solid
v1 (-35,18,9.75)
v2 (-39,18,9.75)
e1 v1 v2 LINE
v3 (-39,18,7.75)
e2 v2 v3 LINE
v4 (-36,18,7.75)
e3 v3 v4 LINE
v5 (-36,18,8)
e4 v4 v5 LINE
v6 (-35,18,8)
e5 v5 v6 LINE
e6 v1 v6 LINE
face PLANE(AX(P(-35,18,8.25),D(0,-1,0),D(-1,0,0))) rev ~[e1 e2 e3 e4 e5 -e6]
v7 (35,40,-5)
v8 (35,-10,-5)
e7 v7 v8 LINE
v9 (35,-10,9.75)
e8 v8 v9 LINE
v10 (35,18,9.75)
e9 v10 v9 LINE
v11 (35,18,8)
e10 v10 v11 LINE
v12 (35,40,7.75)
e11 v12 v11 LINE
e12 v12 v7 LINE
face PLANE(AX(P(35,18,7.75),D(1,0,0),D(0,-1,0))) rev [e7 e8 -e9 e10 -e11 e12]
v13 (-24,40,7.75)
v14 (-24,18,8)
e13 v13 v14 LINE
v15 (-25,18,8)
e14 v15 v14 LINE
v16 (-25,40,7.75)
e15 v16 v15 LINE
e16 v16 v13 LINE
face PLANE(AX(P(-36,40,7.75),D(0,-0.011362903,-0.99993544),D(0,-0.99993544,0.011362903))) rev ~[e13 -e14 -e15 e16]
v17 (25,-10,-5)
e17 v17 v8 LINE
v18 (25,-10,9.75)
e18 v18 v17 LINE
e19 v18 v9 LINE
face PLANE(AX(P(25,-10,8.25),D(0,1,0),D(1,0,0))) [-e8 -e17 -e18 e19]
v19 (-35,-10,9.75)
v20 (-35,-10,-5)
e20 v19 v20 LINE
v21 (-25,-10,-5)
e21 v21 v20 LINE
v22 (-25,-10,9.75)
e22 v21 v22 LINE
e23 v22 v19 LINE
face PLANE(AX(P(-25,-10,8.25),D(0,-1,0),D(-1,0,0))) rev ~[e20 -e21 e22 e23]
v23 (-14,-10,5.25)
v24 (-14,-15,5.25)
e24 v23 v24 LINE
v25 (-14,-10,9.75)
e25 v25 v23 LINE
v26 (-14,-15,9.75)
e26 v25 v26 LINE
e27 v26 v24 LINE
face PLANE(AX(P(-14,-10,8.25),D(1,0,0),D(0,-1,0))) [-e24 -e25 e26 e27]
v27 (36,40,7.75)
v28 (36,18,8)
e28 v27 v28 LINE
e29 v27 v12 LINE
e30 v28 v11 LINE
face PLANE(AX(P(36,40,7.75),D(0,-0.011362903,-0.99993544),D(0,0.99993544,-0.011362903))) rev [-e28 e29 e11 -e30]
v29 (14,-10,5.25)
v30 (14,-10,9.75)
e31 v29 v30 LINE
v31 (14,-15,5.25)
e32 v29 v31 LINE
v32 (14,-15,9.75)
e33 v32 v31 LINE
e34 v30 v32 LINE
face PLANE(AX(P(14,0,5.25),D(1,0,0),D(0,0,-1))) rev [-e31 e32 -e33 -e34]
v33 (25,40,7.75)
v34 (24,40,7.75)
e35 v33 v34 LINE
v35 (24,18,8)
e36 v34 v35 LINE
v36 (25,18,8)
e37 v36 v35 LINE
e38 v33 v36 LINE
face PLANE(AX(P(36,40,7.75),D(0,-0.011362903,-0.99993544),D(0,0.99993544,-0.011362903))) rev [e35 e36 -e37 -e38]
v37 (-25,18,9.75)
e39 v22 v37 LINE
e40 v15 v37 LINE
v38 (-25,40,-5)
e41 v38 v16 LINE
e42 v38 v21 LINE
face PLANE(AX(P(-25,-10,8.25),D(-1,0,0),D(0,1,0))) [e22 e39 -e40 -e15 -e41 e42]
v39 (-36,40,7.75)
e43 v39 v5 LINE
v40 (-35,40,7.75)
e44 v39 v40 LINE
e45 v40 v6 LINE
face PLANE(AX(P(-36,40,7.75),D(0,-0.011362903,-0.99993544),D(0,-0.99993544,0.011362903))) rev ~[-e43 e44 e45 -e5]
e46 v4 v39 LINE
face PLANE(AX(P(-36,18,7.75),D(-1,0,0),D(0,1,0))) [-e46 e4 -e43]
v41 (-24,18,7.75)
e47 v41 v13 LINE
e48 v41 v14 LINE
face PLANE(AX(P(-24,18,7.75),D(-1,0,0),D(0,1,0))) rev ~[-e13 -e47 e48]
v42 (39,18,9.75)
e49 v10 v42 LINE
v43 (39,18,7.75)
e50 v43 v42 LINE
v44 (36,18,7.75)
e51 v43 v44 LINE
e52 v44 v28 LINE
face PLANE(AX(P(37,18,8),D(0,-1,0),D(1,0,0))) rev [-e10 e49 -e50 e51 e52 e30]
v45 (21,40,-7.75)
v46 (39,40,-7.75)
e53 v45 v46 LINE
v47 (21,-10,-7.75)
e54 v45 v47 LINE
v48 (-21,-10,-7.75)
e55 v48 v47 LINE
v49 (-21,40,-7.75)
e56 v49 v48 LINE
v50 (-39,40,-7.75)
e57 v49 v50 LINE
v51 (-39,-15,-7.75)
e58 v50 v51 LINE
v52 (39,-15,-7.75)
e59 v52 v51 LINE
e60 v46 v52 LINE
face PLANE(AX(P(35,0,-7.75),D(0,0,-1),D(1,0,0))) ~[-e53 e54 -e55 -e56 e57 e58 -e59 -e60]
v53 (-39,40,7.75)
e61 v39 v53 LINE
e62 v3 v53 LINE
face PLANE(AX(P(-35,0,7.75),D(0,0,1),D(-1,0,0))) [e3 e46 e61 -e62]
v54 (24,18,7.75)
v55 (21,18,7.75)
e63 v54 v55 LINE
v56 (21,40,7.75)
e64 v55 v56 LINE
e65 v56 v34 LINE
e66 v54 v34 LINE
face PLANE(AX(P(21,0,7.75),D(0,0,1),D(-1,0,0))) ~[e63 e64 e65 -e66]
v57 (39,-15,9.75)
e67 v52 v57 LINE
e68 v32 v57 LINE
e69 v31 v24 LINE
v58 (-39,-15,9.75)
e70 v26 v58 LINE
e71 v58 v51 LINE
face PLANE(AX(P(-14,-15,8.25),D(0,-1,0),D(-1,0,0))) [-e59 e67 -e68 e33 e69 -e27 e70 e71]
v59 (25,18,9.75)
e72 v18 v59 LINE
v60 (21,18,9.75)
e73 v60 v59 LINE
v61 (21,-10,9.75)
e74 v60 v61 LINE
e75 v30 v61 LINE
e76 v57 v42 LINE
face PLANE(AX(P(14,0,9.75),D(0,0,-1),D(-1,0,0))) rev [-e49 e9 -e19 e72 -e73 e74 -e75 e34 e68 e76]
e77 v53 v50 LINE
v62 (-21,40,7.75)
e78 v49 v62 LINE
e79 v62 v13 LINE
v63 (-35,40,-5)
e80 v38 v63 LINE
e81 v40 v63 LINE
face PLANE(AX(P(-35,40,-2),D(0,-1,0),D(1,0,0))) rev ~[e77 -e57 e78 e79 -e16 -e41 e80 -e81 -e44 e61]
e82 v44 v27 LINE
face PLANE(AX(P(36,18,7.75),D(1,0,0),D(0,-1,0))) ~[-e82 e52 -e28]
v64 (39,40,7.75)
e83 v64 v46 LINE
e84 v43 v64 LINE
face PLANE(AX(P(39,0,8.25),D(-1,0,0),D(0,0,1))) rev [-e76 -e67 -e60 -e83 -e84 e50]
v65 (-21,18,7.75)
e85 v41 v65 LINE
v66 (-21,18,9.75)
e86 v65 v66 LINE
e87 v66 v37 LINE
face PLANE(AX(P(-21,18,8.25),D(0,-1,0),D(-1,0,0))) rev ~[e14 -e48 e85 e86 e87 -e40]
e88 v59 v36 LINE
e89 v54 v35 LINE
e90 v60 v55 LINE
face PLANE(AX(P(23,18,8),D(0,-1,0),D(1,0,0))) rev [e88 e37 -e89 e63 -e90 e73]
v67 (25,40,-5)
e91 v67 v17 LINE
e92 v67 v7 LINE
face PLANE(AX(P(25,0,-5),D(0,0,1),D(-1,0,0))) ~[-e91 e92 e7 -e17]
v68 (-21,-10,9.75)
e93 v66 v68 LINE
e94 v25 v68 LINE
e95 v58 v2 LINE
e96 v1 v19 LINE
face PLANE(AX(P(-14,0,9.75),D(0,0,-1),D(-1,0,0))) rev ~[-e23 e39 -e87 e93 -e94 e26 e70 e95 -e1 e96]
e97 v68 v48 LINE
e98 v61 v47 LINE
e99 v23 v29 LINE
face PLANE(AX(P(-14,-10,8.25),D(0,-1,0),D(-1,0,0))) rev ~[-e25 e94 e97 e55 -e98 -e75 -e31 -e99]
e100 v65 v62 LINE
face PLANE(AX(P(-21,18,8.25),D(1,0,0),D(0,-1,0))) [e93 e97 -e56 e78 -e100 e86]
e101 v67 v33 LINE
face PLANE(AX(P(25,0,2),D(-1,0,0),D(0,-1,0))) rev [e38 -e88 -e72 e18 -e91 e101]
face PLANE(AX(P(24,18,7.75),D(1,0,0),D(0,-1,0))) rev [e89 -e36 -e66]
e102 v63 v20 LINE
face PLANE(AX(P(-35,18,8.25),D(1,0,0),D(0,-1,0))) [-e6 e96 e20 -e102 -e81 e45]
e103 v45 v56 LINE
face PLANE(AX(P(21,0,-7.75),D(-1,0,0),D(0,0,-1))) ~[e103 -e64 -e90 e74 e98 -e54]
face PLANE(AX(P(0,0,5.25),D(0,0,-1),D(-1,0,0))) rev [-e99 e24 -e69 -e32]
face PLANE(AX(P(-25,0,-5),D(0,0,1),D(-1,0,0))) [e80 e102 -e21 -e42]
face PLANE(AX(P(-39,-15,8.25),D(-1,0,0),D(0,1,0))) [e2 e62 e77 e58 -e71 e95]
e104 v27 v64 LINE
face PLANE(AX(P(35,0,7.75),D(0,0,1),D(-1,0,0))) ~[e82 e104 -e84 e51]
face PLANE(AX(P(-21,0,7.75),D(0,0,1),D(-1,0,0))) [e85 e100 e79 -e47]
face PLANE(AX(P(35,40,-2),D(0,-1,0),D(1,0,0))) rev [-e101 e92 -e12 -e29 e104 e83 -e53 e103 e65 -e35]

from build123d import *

# Parameters (mm, degrees)
F1_DEPTH  = 40
F2_W      = 4
F2_H      = 0.5
F3_DEPTH  = 18
F5_W      = 1
F5_H      = 22
F6_DEPTH  = 0.5
F4_W      = 10
F4_H      = 6.25
F4_H_2    = 5.75
F7_DEPTH  = 15
F9_DEPTH  = 36.001
F10_DEPTH = 5.75
F11_DEPTH = 7
F12_DEPTH = 10
F14_DEPTH = 1.5


with BuildPart() as f1:
    # F0 (on Front) → F1 (new body)
    with BuildSketch(Plane.XZ):
        Polygon((-25, 2), (-35, 2), (-35, 7.75), (-39, 7.75), (-39, -7.75), (-35, -7.75), (-35, -2), (-25, -2), (-25, -7.75), (-21, -7.75), (-21, 7.75), (-25, 7.75), align=None)
    extrude(amount=-F1_DEPTH)

    # F2 (on face) → F3 (join)
    with BuildSketch(Plane.XZ):
        with Locations((-37, 8)):
            Rectangle(F2_W, F2_H)
        with Locations((-23, 8)):
            Rectangle(F2_W, F2_H)
    extrude(amount=-F3_DEPTH)

    # F5 (on face) → F6 (join)
    with BuildSketch(Plane.XY.offset(7.75)):
        with Locations((-35.5, 29)):
            Rectangle(F5_W, F5_H)
        with Locations((-24.5, 29)):
            Rectangle(F5_W, F5_H)
    extrude(amount=F6_DEPTH)

    # F4 (on face) → F7 (join)
    with BuildSketch(Plane.XZ):
        with Locations((-30, 5.125)):
            Rectangle(F4_W, F4_H)
        Polygon((-35, 8.25), (-39, 8.25), (-39, -7.75), (-35, -7.75), (-35, -2), (-25, -2), (-25, -7.75), (-21, -7.75), (-21, 8.25), (-25, 8.25), (-25, 2), (-35, 2), align=None)
        with Locations((-30, -4.875)):
            Rectangle(F4_W, F4_H_2)
        Polygon((-14, 8.25), (-21, 8.25), (-21, -7.75), (-13.5, -7.75), (0, -7.75), (0, 5.25), (-14, 5.25), align=None)
    extrude(amount=F7_DEPTH)

    # F8 (on face) → F9 (cut, through all)
    with BuildSketch(Plane(origin=(-36, 0, 0), x_dir=(0, -1, 0), z_dir=(-1, 0, 0))):
        Polygon((-40, 8.25), (-40, 7.75), (-18, 8), (-18, 8.25), align=None)
    extrude(amount=-F9_DEPTH, mode=Mode.SUBTRACT)

    # F10 (add, through all): a face of the model
    f10_faces = [f1.faces().sort_by_distance(p)[0] for p in [
        (-30, 20, -2),
    ]]
    extrude(f10_faces, amount=F10_DEPTH)

    # F11 (cut): a face of the model
    f11_faces = [f1.faces().sort_by_distance(p)[0] for p in [
        (-30, 20, 2),
    ]]
    extrude(f11_faces, amount=-F11_DEPTH, mode=Mode.SUBTRACT)

    # F12 (cut): faces of the model
    f12_faces = [f1.faces().sort_by_distance(p)[0] for p in [
        (-11, 0, -0.6785714286),
        (-30, 0, 1.625),
        (-11, 0, -0.6785714286),
    ]]
    extrude(f12_faces, amount=-F12_DEPTH, mode=Mode.SUBTRACT)

    # F13: F1 across plane


with BuildPart() as f1_1:
    add(f1.part)
    add(f1.part.mirror(Plane.YZ))

    # F14 (add): faces of the model
    f14_faces = [f1_1.faces().sort_by_distance(p)[0] for p in [
        (-21.4140048309, 4, 8.25),
        (21.4140048309, 4, 8.25),
    ]]
    extrude(f14_faces, amount=F14_DEPTH)


solid = f1_1.part
